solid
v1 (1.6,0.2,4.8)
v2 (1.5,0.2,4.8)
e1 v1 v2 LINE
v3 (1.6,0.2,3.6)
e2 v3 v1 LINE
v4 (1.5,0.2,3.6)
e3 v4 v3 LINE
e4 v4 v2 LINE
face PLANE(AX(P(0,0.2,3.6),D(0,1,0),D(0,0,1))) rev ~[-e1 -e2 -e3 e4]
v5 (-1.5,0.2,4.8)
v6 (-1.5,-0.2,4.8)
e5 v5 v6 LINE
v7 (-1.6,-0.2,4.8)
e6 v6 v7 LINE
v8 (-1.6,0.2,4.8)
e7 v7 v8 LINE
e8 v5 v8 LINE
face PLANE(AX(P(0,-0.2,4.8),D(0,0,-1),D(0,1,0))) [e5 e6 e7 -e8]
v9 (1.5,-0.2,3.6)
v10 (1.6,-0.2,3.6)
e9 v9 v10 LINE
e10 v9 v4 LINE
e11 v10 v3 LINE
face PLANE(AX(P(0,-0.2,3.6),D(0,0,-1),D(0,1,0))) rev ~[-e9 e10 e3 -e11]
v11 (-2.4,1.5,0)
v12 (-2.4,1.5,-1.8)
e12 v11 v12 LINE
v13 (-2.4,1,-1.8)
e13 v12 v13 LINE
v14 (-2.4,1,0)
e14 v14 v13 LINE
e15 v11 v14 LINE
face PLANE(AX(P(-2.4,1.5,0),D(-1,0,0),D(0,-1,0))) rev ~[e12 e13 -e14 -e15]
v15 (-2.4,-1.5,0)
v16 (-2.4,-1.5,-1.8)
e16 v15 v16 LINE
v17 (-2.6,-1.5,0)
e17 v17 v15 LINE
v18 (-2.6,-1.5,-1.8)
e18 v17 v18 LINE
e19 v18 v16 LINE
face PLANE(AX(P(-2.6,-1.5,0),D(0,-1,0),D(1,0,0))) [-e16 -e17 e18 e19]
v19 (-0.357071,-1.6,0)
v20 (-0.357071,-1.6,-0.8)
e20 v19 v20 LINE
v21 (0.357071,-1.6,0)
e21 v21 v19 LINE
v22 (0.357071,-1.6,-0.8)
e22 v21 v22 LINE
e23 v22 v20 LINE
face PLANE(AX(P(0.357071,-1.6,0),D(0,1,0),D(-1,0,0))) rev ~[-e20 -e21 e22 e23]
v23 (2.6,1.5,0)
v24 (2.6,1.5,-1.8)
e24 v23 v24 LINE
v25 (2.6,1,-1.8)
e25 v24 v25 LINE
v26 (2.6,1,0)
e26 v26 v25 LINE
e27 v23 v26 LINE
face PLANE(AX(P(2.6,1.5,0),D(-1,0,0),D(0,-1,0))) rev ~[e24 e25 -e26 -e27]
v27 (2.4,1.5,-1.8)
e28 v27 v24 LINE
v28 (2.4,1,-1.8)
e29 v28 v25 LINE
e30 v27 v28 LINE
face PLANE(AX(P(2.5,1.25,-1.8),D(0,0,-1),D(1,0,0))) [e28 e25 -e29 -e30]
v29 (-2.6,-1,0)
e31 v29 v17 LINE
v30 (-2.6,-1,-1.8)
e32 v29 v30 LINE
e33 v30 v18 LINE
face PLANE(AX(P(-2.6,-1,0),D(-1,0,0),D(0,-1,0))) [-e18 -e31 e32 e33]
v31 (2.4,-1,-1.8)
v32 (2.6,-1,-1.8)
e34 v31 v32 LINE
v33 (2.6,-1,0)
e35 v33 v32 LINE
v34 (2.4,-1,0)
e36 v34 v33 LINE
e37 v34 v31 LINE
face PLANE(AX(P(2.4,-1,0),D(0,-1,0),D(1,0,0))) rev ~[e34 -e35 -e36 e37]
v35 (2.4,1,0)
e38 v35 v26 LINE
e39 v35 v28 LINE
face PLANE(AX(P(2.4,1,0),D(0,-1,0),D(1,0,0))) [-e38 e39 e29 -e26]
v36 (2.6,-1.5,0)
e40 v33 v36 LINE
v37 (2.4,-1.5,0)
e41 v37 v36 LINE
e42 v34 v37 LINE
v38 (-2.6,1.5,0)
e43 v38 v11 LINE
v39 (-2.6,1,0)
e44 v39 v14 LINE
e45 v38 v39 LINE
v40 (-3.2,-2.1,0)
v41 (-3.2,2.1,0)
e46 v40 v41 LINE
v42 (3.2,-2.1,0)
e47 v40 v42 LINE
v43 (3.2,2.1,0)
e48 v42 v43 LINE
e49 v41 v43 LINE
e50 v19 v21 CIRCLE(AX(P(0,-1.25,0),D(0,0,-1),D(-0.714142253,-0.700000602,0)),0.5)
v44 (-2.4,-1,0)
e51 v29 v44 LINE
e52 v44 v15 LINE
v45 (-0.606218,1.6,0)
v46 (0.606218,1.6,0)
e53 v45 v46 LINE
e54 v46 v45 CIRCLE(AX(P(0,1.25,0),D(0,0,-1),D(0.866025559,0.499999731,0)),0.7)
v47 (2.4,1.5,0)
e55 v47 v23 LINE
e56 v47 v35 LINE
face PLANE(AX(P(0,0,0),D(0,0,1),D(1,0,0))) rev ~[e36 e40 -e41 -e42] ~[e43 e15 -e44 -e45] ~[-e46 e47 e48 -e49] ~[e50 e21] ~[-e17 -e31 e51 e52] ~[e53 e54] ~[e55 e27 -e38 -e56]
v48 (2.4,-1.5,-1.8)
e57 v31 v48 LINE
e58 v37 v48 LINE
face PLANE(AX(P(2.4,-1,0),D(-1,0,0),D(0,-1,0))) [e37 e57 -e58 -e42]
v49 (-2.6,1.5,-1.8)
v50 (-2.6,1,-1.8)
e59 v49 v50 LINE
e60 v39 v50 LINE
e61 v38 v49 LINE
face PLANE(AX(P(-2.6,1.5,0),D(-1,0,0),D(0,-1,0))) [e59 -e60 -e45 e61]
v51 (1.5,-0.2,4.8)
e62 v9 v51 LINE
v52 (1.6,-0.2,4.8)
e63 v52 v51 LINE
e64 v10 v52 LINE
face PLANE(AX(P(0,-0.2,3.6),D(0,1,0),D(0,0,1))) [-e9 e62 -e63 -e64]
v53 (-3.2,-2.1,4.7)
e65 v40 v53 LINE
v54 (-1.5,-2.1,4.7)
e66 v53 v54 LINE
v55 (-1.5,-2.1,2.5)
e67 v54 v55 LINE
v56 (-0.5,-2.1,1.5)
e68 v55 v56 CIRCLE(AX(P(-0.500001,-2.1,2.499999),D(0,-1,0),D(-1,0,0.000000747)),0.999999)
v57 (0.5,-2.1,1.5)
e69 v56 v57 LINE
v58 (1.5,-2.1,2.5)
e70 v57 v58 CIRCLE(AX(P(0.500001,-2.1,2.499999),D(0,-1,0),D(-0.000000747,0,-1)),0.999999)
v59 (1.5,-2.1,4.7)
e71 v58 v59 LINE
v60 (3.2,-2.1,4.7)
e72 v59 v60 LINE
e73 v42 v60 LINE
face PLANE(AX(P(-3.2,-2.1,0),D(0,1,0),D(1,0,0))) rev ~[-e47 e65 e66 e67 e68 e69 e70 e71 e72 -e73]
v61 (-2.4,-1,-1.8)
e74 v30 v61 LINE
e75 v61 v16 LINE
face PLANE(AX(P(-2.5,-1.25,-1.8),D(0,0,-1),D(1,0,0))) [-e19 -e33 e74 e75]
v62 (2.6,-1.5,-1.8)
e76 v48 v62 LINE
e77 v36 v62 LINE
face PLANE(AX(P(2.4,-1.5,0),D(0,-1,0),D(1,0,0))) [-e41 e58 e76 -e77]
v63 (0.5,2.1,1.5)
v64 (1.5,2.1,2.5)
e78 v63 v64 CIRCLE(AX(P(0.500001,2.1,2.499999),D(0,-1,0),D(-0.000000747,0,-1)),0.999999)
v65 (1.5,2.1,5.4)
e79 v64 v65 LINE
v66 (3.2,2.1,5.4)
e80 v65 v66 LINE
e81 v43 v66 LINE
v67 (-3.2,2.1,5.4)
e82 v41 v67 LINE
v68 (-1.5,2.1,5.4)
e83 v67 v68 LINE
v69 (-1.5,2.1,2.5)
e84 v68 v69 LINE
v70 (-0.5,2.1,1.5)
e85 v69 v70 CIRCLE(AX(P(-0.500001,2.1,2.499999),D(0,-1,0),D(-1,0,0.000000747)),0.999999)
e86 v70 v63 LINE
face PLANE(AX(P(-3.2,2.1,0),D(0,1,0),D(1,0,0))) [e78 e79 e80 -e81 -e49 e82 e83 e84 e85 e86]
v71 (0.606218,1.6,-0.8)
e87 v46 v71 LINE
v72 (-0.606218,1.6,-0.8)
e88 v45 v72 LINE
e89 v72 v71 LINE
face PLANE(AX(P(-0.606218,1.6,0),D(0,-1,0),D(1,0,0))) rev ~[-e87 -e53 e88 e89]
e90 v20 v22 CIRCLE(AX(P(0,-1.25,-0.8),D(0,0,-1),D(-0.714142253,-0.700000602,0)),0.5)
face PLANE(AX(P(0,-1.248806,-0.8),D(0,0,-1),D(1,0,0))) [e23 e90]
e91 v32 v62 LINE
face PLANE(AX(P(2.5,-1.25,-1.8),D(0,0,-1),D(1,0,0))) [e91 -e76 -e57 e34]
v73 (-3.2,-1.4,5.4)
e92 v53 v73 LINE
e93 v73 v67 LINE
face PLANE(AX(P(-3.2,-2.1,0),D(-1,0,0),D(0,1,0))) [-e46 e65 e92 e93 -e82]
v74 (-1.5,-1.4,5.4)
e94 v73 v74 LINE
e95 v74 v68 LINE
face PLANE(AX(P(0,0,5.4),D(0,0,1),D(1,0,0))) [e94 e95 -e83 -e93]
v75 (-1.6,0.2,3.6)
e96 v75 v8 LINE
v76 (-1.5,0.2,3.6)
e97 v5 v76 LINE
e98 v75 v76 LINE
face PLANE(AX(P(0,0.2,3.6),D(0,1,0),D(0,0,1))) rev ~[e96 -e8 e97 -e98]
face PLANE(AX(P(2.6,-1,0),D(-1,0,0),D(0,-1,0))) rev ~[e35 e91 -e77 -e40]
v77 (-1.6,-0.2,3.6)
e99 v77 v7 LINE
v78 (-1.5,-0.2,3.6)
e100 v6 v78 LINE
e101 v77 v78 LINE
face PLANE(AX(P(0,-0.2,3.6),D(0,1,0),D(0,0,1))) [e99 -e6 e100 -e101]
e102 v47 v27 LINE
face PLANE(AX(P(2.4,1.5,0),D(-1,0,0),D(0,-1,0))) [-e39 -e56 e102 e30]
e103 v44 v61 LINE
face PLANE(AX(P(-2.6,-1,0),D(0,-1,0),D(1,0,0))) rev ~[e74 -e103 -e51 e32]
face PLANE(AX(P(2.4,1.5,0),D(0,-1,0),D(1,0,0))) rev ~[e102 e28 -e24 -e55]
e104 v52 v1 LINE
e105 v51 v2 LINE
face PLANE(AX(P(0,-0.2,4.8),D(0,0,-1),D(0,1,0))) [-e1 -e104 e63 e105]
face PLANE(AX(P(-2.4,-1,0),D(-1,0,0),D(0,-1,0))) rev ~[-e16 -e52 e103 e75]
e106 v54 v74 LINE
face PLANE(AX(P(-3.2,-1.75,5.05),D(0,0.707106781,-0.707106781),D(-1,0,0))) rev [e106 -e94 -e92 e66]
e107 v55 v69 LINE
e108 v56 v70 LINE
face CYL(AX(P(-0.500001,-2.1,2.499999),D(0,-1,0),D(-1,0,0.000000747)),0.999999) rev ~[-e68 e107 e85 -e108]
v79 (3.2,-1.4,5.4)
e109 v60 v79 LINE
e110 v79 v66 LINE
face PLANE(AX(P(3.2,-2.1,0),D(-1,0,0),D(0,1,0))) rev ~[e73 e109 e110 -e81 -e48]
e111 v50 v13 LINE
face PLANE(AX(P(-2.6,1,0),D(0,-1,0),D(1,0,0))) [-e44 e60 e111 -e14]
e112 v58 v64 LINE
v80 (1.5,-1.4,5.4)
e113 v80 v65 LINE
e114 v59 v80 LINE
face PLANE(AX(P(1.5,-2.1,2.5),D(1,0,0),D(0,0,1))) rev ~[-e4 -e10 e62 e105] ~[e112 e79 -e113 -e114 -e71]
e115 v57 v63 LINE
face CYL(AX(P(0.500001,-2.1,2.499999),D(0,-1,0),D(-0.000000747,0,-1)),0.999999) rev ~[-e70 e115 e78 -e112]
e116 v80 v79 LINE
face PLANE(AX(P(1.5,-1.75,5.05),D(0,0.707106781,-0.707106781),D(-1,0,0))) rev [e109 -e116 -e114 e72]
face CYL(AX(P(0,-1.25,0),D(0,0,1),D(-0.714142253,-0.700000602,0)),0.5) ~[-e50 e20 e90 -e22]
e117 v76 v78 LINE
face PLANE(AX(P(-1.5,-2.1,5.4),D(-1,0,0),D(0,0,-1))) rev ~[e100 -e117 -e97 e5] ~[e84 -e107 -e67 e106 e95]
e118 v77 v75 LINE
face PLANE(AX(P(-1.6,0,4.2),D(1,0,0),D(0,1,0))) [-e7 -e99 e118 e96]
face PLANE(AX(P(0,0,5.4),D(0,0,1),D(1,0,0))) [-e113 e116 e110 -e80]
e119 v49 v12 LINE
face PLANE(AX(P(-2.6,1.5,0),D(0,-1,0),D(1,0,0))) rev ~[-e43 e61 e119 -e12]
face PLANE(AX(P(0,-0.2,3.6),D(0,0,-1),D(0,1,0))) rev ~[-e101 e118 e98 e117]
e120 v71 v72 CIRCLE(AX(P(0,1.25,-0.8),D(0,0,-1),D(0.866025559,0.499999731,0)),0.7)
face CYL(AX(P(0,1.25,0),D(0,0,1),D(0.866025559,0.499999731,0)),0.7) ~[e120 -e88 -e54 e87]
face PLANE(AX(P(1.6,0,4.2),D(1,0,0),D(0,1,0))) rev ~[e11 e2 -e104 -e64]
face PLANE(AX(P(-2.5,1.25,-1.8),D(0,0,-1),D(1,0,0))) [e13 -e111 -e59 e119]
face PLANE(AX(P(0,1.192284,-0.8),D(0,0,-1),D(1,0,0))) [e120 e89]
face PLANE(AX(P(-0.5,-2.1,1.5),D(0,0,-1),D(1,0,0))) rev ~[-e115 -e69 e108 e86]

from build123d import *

# Parameters (mm, degrees)
F0_W      = 6.4
F0_H      = 4.2
F1_DEPTH  = 5.4
F3_DEPTH  = 4.2
F4_SIZE   = 0.7
F5_W      = 0.4
F5_H      = 1.2
F6_DEPTH  = 1.6
F8_DEPTH  = 0.8
F9_W      = 0.2
F9_H      = 0.5
F10_DEPTH = 1.8


with BuildPart() as f1:
    # F0 (on Top) → F1 (new body)
    with BuildSketch(Plane.XY):
        Rectangle(F0_W, F0_H)
    extrude(amount=F1_DEPTH)

    # F2 (on face) → F3 (cut, through all)
    with BuildSketch(Plane.XZ.offset(2.1)):
        with BuildLine():
            Line((1.5, 2.5), (1.5, 5.4))
            Line((1.5, 5.4), (-1.5, 5.4))
            Line((-1.5, 5.4), (-1.5, 2.5))
            ThreePointArc((-1.5, 2.5), (-1.207107, 1.792893), (-0.5, 1.5))
            Line((-0.5, 1.5), (0.5, 1.5))
            ThreePointArc((0.5, 1.5), (1.207107, 1.792893), (1.5, 2.5))
        make_face()
    extrude(amount=-F3_DEPTH, mode=Mode.SUBTRACT)

    # F4
    f4_edges = [f1.edges().sort_by_distance(p)[0] for p in [
        (2.35, -2.1, 5.4),
        (-2.35, -2.1, 5.4),
    ]]
    chamfer(f4_edges, length=F4_SIZE)

    # F5 (on Right) → F6 (cut, symmetric)
    with BuildSketch(Plane.YZ):
        with Locations((0, 4.2)):
            Rectangle(F5_W, F5_H)
    extrude(amount=F6_DEPTH, both=True, mode=Mode.SUBTRACT)

    # F7 (on face) → F8 (join)
    with BuildSketch(Plane(origin=(0, 0, 0), x_dir=(1, 0, 0), z_dir=(0, 0, -1))):
        with BuildLine():
            Line((0.357071, 1.6), (-0.357071, 1.6))
            ThreePointArc((-0.357071, 1.6), (0, 0.75), (0.357071, 1.6))
        make_face()
        with BuildLine():
            Line((-0.606218, -1.6), (0.606218, -1.6))
            ThreePointArc((0.606218, -1.6), (0, -0.55), (-0.606218, -1.6))
        make_face()
    extrude(amount=F8_DEPTH)

    # F9 (on face) → F10 (join)
    with BuildSketch(Plane(origin=(0, 0, 0), x_dir=(1, 0, 0), z_dir=(0, 0, -1))):
        with Locations((-2.5, 1.25)):
            Rectangle(F9_W, F9_H)
        with Locations((-2.5, -1.25)):
            Rectangle(F9_W, F9_H)
        with Locations((2.5, 1.25)):
            Rectangle(F9_W, F9_H)
        with Locations((2.5, -1.25)):
            Rectangle(F9_W, F9_H)
    extrude(amount=F10_DEPTH)


solid = f1.part
